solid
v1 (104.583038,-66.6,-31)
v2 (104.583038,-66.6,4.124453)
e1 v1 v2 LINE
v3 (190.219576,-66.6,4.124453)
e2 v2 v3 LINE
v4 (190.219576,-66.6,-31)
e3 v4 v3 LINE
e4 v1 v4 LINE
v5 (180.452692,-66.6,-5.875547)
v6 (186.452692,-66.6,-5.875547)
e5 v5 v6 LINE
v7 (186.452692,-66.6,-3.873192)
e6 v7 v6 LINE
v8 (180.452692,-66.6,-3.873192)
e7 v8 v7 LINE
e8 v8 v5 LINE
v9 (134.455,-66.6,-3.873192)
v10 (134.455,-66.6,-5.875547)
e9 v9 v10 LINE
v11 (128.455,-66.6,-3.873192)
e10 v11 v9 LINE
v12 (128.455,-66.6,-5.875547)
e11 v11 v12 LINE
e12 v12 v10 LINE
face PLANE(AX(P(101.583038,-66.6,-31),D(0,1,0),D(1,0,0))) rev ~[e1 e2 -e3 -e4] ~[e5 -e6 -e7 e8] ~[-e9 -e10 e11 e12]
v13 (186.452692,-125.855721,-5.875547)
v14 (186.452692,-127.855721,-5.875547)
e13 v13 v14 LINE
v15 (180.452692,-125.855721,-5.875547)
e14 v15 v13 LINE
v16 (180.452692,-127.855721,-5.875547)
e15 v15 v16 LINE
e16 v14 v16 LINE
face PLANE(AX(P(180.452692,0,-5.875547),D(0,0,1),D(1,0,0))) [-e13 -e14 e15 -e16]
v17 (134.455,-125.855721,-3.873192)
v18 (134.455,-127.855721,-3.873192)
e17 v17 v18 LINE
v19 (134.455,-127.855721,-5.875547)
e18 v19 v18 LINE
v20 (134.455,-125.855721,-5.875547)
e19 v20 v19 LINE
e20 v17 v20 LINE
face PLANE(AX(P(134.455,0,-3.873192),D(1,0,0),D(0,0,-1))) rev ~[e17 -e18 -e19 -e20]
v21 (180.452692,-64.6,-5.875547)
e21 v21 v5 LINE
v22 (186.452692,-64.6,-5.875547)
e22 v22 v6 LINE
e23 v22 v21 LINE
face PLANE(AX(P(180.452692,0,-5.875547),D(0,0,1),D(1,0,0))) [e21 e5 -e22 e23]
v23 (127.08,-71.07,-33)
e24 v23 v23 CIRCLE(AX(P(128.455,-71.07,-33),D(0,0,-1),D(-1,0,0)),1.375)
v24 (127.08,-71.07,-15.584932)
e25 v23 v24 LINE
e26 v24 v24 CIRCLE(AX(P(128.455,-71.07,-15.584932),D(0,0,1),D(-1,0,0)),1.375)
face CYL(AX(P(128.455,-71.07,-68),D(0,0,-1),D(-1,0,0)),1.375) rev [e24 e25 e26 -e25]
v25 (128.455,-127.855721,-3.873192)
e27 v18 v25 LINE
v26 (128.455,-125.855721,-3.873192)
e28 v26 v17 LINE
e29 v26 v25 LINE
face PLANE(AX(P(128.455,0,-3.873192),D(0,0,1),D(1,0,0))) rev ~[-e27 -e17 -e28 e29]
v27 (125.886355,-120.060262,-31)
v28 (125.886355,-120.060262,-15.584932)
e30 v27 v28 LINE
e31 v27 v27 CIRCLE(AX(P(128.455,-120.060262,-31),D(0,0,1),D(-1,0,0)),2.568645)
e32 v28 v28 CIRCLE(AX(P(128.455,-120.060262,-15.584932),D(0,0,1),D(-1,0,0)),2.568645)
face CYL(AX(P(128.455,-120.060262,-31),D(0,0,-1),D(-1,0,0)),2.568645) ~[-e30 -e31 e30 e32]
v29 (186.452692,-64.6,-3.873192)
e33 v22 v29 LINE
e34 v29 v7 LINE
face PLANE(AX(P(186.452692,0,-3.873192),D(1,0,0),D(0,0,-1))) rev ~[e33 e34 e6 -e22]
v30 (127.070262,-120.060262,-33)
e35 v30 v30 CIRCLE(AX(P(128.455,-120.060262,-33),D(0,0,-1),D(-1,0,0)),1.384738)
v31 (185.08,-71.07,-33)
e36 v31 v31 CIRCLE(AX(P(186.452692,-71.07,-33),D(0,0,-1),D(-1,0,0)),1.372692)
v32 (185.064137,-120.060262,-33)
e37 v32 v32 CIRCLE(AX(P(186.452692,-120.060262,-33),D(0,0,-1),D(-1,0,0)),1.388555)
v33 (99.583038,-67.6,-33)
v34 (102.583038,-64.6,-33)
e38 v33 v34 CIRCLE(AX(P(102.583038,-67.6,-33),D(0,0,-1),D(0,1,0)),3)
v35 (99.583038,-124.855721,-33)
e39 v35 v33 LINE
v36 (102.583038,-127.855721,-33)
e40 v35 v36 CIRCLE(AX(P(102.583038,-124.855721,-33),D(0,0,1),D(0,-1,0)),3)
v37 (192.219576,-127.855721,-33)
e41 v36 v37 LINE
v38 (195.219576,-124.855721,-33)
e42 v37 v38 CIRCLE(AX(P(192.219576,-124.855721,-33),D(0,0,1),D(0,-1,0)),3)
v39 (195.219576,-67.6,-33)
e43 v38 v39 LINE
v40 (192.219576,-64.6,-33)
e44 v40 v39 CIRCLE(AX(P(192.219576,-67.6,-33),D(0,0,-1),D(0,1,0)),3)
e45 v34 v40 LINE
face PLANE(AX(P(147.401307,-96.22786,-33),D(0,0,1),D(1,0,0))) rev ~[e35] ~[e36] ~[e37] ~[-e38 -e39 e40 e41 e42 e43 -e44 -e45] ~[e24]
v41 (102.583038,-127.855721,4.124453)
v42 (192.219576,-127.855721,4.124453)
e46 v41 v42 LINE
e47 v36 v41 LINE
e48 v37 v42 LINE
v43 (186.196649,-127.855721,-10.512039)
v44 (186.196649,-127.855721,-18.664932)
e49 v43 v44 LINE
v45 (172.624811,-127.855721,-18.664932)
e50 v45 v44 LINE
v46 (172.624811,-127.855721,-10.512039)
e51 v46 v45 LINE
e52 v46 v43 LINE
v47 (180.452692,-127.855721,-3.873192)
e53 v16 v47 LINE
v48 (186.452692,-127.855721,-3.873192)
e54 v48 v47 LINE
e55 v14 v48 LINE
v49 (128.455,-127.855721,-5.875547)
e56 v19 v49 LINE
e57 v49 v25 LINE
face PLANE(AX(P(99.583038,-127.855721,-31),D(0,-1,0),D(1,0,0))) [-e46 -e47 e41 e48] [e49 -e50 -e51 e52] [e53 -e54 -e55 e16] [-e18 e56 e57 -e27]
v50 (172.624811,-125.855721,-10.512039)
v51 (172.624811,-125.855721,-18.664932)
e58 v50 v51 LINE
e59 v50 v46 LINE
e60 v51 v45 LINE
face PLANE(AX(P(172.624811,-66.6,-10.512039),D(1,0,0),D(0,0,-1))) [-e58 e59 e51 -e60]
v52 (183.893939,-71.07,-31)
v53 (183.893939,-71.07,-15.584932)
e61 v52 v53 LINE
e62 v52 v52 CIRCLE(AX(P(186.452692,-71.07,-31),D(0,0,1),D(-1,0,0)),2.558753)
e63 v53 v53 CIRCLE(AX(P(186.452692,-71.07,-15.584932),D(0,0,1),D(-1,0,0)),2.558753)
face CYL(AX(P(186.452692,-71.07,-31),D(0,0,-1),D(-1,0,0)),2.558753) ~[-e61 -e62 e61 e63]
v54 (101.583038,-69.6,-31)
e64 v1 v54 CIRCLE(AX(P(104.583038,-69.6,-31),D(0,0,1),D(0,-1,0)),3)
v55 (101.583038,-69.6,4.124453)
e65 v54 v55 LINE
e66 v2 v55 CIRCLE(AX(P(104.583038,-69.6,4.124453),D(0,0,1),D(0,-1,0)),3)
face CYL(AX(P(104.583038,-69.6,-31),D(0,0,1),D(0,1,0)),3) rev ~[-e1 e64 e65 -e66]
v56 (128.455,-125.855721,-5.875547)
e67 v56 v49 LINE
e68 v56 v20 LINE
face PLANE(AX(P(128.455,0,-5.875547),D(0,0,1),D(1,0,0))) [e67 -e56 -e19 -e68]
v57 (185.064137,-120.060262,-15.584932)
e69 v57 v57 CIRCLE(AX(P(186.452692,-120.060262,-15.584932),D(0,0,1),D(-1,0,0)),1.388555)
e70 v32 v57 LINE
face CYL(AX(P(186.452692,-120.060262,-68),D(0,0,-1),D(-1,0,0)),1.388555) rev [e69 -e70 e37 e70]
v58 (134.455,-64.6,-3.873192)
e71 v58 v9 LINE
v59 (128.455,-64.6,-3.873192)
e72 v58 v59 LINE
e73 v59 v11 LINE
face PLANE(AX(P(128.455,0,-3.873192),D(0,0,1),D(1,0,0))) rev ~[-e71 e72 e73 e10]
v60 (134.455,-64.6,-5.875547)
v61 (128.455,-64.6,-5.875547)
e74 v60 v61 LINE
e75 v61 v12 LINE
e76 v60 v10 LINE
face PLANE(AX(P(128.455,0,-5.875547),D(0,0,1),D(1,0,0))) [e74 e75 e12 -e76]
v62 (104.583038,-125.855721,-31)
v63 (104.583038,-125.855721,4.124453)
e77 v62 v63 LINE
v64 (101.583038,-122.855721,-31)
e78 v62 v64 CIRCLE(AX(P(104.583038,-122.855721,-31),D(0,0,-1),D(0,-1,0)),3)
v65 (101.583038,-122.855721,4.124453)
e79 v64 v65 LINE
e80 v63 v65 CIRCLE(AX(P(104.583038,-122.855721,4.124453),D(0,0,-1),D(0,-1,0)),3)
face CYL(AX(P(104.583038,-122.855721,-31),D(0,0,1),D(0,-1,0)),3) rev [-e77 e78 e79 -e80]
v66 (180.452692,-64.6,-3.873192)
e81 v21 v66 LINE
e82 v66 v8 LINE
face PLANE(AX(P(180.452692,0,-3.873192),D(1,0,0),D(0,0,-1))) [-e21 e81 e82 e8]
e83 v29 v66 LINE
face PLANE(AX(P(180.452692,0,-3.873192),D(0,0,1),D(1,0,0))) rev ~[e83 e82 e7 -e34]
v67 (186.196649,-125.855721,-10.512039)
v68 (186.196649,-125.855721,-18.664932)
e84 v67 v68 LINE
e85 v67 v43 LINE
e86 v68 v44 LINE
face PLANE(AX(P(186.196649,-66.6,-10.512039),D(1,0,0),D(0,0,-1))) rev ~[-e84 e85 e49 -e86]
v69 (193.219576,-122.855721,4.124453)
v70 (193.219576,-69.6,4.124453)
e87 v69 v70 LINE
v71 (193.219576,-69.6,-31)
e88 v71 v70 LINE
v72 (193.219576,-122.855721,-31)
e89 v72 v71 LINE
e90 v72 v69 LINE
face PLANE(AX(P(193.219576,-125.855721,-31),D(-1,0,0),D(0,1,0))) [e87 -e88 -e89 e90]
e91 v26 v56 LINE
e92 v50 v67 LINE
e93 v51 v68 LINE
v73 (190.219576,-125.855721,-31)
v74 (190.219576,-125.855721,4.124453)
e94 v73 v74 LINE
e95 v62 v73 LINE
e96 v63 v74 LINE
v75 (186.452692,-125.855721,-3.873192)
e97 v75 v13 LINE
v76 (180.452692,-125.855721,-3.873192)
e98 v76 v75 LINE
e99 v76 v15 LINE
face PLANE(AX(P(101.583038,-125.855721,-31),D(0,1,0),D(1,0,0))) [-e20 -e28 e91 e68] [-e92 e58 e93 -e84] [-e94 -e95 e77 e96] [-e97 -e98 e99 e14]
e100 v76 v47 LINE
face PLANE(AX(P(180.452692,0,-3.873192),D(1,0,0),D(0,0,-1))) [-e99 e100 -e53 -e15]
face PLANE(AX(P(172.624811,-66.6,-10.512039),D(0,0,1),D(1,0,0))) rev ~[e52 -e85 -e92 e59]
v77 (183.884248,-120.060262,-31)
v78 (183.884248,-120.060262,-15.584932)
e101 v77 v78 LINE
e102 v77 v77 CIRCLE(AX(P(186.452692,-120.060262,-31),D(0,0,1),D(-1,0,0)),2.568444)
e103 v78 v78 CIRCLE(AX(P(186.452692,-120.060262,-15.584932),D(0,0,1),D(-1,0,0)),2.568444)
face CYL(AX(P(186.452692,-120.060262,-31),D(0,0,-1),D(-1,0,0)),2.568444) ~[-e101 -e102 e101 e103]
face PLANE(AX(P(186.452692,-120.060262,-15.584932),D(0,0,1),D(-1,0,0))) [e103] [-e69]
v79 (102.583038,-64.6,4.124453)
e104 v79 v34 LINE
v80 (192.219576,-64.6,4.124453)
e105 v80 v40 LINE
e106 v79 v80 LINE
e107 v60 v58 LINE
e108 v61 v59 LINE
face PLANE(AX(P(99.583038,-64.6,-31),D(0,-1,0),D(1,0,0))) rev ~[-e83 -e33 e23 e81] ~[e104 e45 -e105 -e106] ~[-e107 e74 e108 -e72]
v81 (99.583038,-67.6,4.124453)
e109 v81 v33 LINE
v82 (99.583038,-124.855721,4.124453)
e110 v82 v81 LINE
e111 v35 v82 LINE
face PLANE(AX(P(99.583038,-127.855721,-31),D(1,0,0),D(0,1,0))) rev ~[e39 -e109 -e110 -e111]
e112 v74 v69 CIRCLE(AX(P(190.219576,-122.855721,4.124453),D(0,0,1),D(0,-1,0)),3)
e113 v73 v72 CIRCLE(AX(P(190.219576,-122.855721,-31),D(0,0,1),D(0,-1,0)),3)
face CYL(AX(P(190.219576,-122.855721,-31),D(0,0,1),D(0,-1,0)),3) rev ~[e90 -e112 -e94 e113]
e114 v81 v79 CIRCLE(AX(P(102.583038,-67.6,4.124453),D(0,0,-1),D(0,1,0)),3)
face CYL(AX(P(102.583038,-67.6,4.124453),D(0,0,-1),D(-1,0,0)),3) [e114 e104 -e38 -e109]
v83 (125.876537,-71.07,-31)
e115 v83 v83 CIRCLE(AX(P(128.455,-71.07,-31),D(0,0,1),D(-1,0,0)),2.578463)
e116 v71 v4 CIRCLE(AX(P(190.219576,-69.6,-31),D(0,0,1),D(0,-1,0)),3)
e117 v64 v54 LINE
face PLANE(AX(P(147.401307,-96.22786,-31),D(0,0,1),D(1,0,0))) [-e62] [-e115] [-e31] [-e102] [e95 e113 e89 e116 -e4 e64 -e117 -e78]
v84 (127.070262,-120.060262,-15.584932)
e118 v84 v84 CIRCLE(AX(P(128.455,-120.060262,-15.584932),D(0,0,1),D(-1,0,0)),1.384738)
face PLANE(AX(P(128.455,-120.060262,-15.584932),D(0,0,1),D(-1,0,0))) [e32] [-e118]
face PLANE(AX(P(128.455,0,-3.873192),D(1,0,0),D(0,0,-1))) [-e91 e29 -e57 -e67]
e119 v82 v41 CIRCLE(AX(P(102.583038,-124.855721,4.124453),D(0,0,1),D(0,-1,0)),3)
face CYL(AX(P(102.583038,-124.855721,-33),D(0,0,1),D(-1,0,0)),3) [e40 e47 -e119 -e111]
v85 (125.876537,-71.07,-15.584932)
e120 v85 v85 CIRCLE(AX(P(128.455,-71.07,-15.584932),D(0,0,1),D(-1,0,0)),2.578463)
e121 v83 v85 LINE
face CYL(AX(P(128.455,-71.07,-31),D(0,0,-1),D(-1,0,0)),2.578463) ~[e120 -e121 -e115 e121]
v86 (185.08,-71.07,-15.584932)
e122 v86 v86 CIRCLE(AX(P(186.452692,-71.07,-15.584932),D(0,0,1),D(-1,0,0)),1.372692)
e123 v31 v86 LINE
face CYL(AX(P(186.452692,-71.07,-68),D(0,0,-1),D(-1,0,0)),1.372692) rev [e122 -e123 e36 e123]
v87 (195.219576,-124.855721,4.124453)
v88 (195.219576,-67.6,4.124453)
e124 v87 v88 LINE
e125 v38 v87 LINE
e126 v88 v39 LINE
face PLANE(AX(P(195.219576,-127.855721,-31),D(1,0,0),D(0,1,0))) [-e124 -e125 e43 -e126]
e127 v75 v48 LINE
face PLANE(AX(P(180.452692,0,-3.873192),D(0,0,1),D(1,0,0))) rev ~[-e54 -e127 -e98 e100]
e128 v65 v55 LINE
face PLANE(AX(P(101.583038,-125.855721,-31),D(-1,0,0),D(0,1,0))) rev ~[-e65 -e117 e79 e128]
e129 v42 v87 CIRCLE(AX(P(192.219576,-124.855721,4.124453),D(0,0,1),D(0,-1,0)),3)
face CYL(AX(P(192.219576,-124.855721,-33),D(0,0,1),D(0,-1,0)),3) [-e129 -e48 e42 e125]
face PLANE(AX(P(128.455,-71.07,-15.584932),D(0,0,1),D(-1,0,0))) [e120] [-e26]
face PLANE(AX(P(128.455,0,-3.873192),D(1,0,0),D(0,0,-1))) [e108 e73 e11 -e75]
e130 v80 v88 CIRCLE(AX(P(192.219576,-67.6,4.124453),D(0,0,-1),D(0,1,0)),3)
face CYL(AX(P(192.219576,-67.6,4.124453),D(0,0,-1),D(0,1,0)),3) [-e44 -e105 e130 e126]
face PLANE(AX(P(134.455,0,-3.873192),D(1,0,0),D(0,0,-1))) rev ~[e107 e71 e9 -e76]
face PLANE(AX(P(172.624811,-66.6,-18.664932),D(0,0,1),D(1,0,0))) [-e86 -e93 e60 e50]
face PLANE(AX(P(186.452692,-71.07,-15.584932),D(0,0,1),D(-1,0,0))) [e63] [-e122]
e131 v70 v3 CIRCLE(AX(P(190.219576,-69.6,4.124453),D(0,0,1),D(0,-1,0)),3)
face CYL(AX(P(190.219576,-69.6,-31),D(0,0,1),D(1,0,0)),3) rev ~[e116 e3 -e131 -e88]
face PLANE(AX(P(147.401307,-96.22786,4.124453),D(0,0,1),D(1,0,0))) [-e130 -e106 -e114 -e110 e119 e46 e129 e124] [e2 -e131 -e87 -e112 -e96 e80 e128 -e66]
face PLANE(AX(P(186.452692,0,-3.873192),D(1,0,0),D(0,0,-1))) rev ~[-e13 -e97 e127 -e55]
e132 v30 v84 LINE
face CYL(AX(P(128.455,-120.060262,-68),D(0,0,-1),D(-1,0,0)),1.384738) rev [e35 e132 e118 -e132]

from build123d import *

# Parameters (mm, degrees)
PERIMETER_DEPTH      = 4.124453
PERIMETER_DEPTH_BACK = 31
SKETCH2_W            = 95.636537696
SKETCH2_H            = 63.255720718
SKETCH2_W_2          = 91.636537696
SKETCH2_H_2          = 59.255720718
USB_HOLE_START       = -66.6
SKETCH4_W            = 13.571838798
SKETCH4_H            = 8.15289322
USB_HOLE_DEPTH       = 81
BOTTOM_START         = -31
SKETCH2_12_W         = 95.636537696
SKETCH2_12_H         = 63.255720718
BOTTOM_DEPTH         = 2
SKETCH4_6_W          = 6
SKETCH4_6_H          = 2.002355377
LOCKING_HOLE_DEPTH   = 152
FILLET1_R            = 3
STRAWS_START         = -31
SKETCH2_14_R         = 2.578463196
SKETCH2_14_R_2       = 1.375
SKETCH2_14_R_3       = 2.558752615
SKETCH2_14_R_4       = 1.372691975
SKETCH2_14_R_5       = 2.568645486
SKETCH2_14_R_6       = 1.384737696
SKETCH2_14_R_7       = 2.568443666
SKETCH2_14_R_8       = 1.388555099
STRAWS_DEPTH         = 15.415068015
CUT_EXTRUDE3_START   = -68
SKETCH2_16_R         = 1.375
SKETCH2_16_R_2       = 1.388555099
SKETCH2_16_R_3       = 1.384737696
SKETCH2_16_R_4       = 1.372691975
CUT_EXTRUDE3_DEPTH   = 68


with BuildPart() as part:
    # Sketch2 → Perimeter (new, two sides: drawn at the far end of the back side and taken through both)
    with BuildSketch(Plane.XY.offset(-PERIMETER_DEPTH_BACK)):
        with Locations((147.401306837, -96.227860359)):
            Rectangle(SKETCH2_W, SKETCH2_H)
        with Locations((147.401306837, -96.227860359)):
            Rectangle(SKETCH2_W_2, SKETCH2_H_2, mode=Mode.SUBTRACT)
    extrude(amount=PERIMETER_DEPTH + PERIMETER_DEPTH_BACK)

    # Sketch4 → USB_Hole (cut)
    with BuildSketch(Plane(origin=(0, 0, 0), x_dir=(1, 0, 0), z_dir=(0, 1, 0)).offset(USB_HOLE_START)):
        with Locations((179.410729964, 14.588485375)):
            Rectangle(SKETCH4_W, SKETCH4_H)
    extrude(amount=-USB_HOLE_DEPTH, mode=Mode.SUBTRACT)

    # Sketch2<12> → Bottom (add)
    with BuildSketch(Plane.XY.offset(BOTTOM_START)):
        with Locations((147.401306837, -96.227860359)):
            Rectangle(SKETCH2_12_W, SKETCH2_12_H)
    extrude(amount=-BOTTOM_DEPTH)

    # Sketch4<6> → Locking_Hole (cut)
    with BuildSketch(Plane(origin=(0, 0, 0), x_dir=(1, 0, 0), z_dir=(0, 1, 0))):
        with Locations((131.455, 4.874369651)):
            Rectangle(SKETCH4_6_W, SKETCH4_6_H)
        with Locations((183.452691975, 4.874369651)):
            Rectangle(SKETCH4_6_W, SKETCH4_6_H)
    extrude(amount=-LOCKING_HOLE_DEPTH, mode=Mode.SUBTRACT)

    # Fillet1
    fillet1_edges = [part.edges().sort_by_distance(p)[0] for p in [
        (101.583037989, -125.855720718, -13.4377735),
        (101.583037989, -66.6, -13.4377735),
        (193.219575685, -66.6, -13.4377735),
        (195.219575685, -64.6, -14.4377735),
        (193.219575685, -125.855720718, -13.4377735),
        (195.219575685, -127.855720718, -14.4377735),
        (99.583037989, -64.6, -14.4377735),
        (99.583037989, -127.855720718, -14.4377735),
    ]]
    fillet(fillet1_edges, radius=FILLET1_R)

    # Sketch2<14> → Straws (add)
    # profile 1 of 4: a face of its own
    with BuildSketch(Plane.XY.offset(STRAWS_START)):
        with Locations(Location((128.455, -71.07, 0), (0, 0, 180))):
            Circle(SKETCH2_14_R)
        with Locations(Location((128.455, -71.07, 0), (0, 0, 180))):
            Circle(SKETCH2_14_R_2, mode=Mode.SUBTRACT)
    # profile 2 of 4: a face of its own
    with BuildSketch(Plane.XY.offset(STRAWS_START)):
        with Locations(Location((186.452691975, -71.07, 0), (0, 0, 180))):
            Circle(SKETCH2_14_R_3)
        with Locations(Location((186.452691975, -71.07, 0), (0, 0, 180))):
            Circle(SKETCH2_14_R_4, mode=Mode.SUBTRACT)
    # profile 3 of 4: a face of its own
    with BuildSketch(Plane.XY.offset(STRAWS_START)):
        with Locations(Location((128.455, -120.060262304, 0), (0, 0, 180))):
            Circle(SKETCH2_14_R_5)
        with Locations(Location((128.455, -120.060262304, 0), (0, 0, 180))):
            Circle(SKETCH2_14_R_6, mode=Mode.SUBTRACT)
    # profile 4 of 4: a face of its own
    with BuildSketch(Plane.XY.offset(STRAWS_START)):
        with Locations(Location((186.452691975, -120.060262304, 0), (0, 0, 180))):
            Circle(SKETCH2_14_R_7)
        with Locations(Location((186.452691975, -120.060262304, 0), (0, 0, 180))):
            Circle(SKETCH2_14_R_8, mode=Mode.SUBTRACT)
    extrude(amount=STRAWS_DEPTH)

    # Sketch2<16> → Cut-Extrude3 (cut)
    with BuildSketch(Plane.XY.offset(CUT_EXTRUDE3_START)):
        with Locations(Location((128.455, -71.07, 0), (0, 0, 180))):
            Circle(SKETCH2_16_R)
        with Locations(Location((186.452691975, -120.060262304, 0), (0, 0, 180))):
            Circle(SKETCH2_16_R_2)
        with Locations(Location((128.455, -120.060262304, 0), (0, 0, 180))):
            Circle(SKETCH2_16_R_3)
        with Locations(Location((186.452691975, -71.07, 0), (0, 0, 180))):
            Circle(SKETCH2_16_R_4)
    extrude(amount=CUT_EXTRUDE3_DEPTH, mode=Mode.SUBTRACT)


solid = part.part
